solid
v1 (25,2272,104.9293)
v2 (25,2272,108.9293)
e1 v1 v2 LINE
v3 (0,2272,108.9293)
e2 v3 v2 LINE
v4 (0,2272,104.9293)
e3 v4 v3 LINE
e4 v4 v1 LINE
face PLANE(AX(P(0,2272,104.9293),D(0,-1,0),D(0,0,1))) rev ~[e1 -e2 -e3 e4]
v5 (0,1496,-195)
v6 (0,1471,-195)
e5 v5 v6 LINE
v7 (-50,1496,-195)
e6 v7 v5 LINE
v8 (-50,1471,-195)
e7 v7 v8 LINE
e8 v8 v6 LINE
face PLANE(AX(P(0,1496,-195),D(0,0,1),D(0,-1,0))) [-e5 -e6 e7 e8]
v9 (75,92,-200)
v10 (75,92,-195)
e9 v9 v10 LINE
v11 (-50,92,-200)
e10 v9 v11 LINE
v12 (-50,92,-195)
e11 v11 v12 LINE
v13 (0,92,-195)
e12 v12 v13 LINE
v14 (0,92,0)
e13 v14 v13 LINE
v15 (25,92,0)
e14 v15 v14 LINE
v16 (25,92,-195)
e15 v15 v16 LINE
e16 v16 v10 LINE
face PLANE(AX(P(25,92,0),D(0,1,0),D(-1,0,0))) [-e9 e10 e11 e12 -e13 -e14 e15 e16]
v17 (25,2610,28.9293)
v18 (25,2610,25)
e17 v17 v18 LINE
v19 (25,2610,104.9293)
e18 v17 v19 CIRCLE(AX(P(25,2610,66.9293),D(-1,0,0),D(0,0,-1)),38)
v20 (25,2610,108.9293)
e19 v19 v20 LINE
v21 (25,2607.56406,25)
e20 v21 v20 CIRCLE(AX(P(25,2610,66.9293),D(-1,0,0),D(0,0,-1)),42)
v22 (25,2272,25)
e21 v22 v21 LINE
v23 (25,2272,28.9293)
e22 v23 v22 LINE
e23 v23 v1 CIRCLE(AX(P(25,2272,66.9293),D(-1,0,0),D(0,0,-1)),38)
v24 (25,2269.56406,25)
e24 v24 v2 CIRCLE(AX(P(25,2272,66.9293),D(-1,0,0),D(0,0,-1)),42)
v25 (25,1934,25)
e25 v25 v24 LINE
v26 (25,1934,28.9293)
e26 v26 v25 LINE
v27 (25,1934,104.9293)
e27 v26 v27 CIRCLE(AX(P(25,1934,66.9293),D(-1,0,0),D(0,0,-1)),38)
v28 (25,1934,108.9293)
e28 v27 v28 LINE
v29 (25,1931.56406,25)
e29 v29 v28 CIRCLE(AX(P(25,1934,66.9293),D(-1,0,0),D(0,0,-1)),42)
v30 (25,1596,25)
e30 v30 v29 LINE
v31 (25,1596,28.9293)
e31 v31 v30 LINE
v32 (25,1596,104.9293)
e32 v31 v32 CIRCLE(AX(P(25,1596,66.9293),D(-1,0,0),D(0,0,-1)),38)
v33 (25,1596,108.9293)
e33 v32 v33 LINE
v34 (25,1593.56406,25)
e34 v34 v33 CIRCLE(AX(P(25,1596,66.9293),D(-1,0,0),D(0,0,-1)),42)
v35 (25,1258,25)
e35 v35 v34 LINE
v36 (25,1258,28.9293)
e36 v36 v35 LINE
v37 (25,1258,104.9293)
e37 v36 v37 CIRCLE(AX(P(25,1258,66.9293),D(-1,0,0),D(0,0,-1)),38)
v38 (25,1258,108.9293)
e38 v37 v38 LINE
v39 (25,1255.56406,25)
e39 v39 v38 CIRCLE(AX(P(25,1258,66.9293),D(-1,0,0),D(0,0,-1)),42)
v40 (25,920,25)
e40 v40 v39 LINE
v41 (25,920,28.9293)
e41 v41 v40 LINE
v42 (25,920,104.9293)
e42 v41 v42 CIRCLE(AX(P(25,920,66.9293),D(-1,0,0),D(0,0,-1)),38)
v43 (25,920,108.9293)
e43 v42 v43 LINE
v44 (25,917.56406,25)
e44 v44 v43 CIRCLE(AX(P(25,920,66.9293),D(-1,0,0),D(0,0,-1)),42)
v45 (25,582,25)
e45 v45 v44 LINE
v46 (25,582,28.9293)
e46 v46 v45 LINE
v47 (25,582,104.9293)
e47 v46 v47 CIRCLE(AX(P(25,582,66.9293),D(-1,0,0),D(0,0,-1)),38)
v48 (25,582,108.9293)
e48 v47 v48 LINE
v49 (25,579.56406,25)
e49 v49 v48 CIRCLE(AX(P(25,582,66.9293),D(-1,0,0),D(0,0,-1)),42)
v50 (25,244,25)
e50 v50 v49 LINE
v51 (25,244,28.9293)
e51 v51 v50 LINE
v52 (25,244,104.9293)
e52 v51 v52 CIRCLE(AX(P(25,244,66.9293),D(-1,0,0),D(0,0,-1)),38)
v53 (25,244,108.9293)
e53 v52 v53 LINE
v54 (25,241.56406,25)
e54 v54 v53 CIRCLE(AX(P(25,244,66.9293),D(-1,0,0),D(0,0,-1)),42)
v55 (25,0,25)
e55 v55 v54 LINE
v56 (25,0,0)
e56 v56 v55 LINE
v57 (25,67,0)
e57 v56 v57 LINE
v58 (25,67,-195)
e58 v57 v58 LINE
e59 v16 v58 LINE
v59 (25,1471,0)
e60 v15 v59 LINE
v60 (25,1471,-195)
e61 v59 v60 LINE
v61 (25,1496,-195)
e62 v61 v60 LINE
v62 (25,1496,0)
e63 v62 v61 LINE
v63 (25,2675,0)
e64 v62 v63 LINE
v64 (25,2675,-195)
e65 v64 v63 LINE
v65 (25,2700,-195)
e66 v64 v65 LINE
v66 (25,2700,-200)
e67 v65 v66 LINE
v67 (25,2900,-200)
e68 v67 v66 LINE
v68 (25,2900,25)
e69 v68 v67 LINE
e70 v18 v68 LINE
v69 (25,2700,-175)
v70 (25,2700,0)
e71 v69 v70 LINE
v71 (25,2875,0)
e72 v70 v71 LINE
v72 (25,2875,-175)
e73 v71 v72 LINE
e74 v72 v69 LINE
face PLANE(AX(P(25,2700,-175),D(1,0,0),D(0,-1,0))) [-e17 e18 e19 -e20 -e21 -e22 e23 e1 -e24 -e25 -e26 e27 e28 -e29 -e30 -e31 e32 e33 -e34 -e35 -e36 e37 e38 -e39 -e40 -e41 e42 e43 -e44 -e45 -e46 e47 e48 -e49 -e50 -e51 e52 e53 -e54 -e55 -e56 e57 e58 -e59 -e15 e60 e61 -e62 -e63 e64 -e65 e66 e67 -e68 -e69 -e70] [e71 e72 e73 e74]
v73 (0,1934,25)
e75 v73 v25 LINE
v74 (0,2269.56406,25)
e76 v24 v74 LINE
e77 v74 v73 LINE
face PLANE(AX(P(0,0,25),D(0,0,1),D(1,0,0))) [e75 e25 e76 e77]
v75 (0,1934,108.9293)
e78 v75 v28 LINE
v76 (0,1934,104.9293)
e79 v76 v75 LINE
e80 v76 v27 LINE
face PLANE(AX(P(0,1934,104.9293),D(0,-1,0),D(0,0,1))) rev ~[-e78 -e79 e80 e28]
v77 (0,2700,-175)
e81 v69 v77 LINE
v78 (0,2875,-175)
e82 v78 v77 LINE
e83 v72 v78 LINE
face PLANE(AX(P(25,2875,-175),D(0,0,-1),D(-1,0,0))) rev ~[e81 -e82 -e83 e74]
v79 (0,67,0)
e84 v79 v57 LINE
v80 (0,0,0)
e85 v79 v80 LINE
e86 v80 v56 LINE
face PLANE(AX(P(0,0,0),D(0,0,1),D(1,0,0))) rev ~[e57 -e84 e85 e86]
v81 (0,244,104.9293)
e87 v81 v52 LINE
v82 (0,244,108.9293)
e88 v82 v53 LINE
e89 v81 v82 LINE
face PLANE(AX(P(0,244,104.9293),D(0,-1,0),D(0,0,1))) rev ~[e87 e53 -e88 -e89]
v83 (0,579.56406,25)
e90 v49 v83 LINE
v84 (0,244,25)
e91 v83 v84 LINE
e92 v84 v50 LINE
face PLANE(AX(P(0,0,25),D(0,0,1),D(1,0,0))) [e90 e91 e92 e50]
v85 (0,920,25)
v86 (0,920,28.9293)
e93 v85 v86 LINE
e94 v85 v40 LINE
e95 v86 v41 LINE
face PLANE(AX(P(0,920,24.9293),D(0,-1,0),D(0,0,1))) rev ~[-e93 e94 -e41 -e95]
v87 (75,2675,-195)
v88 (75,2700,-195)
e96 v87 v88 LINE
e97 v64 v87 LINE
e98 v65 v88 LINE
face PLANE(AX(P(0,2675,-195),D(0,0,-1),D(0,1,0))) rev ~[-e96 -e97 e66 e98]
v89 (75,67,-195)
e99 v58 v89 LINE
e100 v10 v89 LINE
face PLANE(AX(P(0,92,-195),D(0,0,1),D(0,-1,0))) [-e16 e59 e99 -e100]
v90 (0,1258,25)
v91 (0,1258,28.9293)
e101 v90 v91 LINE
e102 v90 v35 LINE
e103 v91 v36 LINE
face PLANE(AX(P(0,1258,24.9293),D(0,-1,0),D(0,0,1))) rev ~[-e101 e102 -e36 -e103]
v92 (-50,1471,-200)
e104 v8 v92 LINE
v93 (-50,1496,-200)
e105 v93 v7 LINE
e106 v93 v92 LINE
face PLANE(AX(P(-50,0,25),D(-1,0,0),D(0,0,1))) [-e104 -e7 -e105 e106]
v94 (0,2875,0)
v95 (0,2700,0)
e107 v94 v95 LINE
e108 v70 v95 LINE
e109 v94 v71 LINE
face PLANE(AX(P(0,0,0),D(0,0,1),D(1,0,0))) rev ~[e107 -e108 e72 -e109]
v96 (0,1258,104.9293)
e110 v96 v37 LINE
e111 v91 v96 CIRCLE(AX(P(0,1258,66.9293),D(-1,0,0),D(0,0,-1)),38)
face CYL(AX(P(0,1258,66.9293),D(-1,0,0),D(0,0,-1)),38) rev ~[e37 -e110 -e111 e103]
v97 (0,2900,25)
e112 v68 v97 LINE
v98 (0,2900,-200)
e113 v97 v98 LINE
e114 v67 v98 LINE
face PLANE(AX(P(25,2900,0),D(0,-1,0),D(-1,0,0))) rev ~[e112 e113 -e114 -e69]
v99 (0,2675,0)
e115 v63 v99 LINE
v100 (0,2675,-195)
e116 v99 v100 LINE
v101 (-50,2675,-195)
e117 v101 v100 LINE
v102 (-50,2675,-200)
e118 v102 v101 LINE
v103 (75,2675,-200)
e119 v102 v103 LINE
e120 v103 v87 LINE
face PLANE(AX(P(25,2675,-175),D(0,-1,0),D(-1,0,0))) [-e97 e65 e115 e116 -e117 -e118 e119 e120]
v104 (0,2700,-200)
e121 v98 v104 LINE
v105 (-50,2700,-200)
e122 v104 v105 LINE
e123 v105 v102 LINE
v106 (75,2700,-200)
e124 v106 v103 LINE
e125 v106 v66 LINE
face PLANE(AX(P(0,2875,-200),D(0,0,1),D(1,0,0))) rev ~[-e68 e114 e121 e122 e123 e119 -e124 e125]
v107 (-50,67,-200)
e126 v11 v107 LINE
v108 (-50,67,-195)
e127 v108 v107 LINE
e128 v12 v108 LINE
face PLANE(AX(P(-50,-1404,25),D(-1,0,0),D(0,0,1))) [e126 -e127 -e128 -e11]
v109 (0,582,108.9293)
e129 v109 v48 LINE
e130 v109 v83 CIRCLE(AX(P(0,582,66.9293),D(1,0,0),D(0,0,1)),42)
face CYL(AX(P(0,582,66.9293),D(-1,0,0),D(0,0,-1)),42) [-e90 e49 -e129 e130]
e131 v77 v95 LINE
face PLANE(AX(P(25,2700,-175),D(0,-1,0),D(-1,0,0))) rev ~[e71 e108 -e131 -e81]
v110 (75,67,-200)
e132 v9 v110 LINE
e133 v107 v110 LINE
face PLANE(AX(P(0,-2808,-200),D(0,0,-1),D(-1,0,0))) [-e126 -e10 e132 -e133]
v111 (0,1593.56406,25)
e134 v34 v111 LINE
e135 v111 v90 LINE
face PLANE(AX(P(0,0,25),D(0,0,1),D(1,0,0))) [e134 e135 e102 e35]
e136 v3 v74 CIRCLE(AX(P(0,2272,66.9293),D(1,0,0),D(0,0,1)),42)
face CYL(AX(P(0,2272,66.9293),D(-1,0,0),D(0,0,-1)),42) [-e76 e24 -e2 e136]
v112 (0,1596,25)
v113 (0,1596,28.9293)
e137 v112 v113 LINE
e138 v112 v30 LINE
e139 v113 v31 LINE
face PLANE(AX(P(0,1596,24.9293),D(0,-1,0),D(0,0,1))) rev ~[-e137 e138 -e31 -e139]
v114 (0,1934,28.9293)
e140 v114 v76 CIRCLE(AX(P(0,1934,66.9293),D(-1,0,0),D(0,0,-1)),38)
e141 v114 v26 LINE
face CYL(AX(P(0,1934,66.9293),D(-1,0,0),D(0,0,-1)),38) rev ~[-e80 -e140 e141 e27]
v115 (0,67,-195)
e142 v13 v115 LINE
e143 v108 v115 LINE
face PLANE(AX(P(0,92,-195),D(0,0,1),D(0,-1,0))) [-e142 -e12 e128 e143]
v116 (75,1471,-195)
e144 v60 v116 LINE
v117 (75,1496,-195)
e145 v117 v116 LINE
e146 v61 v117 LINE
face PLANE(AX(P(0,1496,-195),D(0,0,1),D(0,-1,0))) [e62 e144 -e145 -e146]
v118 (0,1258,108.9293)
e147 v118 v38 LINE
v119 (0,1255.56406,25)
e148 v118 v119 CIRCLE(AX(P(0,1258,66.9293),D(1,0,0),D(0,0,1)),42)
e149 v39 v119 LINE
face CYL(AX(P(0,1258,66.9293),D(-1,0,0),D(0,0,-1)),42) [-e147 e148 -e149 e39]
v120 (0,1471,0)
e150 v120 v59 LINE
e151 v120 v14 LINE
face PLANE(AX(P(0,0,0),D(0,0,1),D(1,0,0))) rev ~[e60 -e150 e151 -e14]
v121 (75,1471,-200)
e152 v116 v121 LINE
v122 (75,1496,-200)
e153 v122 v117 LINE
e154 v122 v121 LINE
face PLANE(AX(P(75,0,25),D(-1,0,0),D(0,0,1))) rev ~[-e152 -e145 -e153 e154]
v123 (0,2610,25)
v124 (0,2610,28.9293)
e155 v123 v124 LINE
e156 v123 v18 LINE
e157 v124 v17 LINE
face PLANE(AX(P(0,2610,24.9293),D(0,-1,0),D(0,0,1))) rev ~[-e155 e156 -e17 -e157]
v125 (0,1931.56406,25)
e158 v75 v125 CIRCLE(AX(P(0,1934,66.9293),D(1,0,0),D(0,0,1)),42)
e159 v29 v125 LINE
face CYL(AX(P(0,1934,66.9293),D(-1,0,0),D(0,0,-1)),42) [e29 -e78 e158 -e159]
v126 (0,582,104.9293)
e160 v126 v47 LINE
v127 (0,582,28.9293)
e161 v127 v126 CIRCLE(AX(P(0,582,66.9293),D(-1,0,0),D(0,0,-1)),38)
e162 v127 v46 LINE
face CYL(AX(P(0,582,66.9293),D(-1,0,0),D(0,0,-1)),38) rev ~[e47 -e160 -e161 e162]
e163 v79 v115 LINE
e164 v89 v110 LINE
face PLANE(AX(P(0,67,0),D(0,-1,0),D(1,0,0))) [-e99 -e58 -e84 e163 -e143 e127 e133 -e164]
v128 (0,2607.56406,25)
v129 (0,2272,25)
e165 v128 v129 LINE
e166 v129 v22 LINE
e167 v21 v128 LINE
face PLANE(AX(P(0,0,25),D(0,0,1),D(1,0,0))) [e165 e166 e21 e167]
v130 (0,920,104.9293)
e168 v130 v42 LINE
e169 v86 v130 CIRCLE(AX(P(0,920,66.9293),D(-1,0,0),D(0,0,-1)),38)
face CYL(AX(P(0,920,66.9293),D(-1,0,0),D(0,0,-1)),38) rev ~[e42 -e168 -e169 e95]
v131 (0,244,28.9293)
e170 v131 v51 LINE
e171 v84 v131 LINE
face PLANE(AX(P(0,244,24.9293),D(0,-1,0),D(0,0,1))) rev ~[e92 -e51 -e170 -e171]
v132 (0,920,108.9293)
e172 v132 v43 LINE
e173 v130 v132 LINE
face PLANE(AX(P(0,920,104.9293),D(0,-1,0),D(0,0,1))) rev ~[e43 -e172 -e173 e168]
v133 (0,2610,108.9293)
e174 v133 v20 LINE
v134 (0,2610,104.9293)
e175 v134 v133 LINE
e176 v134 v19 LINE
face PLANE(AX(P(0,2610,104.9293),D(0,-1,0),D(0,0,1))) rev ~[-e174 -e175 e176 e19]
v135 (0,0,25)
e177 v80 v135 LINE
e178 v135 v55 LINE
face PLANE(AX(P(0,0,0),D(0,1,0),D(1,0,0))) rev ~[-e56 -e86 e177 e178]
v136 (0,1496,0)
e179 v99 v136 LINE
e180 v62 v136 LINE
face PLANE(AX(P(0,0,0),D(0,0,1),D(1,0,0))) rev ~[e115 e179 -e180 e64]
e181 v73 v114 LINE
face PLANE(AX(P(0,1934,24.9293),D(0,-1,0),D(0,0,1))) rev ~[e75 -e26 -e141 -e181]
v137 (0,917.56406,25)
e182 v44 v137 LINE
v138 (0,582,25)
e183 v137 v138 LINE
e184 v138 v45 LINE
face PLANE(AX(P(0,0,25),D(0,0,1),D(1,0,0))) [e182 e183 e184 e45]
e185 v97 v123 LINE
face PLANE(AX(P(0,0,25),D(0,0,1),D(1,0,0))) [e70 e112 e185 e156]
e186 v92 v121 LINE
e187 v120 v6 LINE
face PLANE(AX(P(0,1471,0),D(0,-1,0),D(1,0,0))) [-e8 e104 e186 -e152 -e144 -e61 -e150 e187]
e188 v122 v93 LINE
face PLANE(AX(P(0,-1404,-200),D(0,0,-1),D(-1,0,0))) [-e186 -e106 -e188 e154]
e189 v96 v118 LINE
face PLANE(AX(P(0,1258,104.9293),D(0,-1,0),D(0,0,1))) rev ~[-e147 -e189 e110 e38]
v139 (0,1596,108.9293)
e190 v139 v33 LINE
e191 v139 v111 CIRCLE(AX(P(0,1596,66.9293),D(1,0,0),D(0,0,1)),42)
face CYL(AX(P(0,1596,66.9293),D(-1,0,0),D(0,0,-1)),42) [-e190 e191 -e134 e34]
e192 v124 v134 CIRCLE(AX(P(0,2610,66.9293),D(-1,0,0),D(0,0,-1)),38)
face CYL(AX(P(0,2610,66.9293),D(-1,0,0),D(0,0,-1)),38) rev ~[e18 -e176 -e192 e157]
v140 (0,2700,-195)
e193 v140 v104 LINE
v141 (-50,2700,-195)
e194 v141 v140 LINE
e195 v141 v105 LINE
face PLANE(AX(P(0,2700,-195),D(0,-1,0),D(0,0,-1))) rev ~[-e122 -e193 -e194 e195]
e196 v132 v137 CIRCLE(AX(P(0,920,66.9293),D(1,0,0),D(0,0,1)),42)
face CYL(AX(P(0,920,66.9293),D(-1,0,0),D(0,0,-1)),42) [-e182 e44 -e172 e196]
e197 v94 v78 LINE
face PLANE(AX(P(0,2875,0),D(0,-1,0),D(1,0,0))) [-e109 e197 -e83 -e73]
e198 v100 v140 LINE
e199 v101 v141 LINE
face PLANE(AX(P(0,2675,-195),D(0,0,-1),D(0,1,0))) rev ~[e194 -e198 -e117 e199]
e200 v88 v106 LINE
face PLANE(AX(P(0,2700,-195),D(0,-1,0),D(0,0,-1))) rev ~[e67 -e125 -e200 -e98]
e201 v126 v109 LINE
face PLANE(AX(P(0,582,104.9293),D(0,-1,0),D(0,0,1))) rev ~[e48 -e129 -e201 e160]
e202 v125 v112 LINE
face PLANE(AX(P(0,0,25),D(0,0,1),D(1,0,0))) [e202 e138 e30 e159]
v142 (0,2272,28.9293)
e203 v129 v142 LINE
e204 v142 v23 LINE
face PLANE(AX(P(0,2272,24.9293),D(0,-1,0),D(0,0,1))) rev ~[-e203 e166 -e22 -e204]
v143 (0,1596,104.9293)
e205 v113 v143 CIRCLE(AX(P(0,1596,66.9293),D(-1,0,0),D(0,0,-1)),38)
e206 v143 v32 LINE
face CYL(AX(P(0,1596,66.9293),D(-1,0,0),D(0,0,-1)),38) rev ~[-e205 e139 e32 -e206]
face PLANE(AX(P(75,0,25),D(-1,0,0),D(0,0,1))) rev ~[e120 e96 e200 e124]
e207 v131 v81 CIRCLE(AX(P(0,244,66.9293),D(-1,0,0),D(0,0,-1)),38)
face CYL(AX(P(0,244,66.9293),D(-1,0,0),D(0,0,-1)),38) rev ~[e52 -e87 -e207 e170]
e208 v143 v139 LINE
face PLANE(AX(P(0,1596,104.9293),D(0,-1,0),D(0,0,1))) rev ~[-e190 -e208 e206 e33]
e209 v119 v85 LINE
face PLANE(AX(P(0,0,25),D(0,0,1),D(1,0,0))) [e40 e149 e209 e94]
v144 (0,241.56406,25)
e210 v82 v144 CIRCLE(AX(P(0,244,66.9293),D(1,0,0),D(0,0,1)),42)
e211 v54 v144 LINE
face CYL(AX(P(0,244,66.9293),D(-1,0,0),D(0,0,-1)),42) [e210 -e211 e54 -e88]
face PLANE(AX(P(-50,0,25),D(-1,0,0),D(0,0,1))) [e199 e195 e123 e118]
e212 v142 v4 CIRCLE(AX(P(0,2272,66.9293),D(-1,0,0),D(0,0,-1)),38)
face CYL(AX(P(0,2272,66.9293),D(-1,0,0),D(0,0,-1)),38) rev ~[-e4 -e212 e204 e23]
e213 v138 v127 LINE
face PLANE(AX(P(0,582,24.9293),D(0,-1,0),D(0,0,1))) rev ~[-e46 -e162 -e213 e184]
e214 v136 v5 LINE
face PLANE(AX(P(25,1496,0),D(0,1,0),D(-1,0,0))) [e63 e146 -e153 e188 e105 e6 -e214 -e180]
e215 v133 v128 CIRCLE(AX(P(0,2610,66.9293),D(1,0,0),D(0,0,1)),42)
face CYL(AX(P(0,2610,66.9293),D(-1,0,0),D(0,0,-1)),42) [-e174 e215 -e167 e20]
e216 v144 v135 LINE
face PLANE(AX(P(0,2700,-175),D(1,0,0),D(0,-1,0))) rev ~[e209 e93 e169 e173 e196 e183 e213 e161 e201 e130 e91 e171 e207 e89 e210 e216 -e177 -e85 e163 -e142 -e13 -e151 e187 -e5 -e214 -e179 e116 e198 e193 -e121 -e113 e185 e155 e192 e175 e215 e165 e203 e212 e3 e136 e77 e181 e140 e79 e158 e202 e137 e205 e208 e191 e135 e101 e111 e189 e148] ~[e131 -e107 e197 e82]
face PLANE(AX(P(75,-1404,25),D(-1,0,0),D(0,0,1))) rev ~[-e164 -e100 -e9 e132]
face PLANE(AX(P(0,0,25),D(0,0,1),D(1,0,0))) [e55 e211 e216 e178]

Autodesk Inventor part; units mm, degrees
ref_plane "YZ Plane" through (0, 0, 0) normal (1, 0, 0) x (0, 1, 0)
ref_plane "XZ Plane" through (0, 0, 0) normal (0, 1, 0) x (-1, 0, 0)
ref_plane "XY Plane" through (0, 0, 0) normal (0, 0, 1) x (1, 0, 0)
sketch "Sketch1" plane through (0, 0, 0) normal (0, 0, 1) x (1, 0, 0)
  line L0 (0, 0) -> (25, 0)
  line L1 (25, 0) -> (25, 2900)
  line L2 (25, 2900) -> (0, 2900)
  line L3 (0, 2900) -> (0, 0)
  dimension "d0" = 25
  dimension "d1" = 2900
extrude "Extrusion1" add sketch "Sketch1" along normal blind 25
sketch "Sketch2" plane through (0, 0, 0) normal (0, 0, -1) x (-1, 0, 0)
  line L0 (-25, 0) -> (-25, 2900) projected
  line L1 (0, 2900) -> (0, 0) projected
  line L2 (-25, 2900) -> (0, 2900)
  line L3 (0, 2900) -> (0, 2875)
  line L4 (0, 2875) -> (-25, 2875)
  line L5 (-25, 2875) -> (-25, 2900)
  dimension "d4" = 25
extrude "Extrusion2" add sketch "Sketch2" along normal blind 200
sketch "Sketch3" plane through (0, 2875, 0) normal (0, -1, 0) x (1, 0, 0)
  line L0 (0, -200) -> (0, 25) projected
  line L1 (25, -200) -> (25, 25) projected
  line L2 (0, -200) -> (25, -200)
  line L3 (25, -200) -> (25, -175)
  line L4 (25, -175) -> (0, -175)
  line L5 (0, -175) -> (0, -200)
  point P0 (0, 0)
  dimension "d7" = 25
extrude "Extrusion3" add sketch "Sketch3" along normal blind 200
sketch "Sketch4" plane through (0, 2875, -175) normal (0, 0, 1) x (1, 0, 0)
  line L0 (25, -200) -> (0, -200) projected
  line L1 (25, 25) -> (25, -200) projected
  line L2 (0, -200) -> (25, -200)
  line L3 (25, -200) -> (25, -175)
  line L4 (25, -175) -> (0, -175)
  line L5 (0, -175) -> (0, -200)
  point P0 (0, -2875)
  dimension "d10" = 25
extrude "Extrusion4" add sketch "Sketch4" along normal up to next
sketch "Sketch6" plane through (0, 0, 25) normal (-1, 0, 0) x (0, 0, 1)
  line L0 (-225, 2900) -> (-225, 2675) projected
  line L1 (-225, 2675) -> (-220, 2675)
  line L2 (-220, 2675) -> (-220, 2700)
  line L3 (-220, 2700) -> (-225, 2700)
  line L4 (-225, 2700) -> (-225, 2675)
  point P0 (-25, 0)
  dimension "d13" = 5
  dimension "d14" = 25
extrude "Extrusion5" add sketch "Sketch6" along normal blind 50 and the other way blind 75
pattern_linear "Rectangular Pattern1" count 3 spacing 1404 along (0, -1, 0) of "Extrusion2"
sketch "Sketch7" plane through (0, 0, 25) normal (-1, 0, 0) x (0, 0, 1)
  line L0 (-225, 1496) -> (-225, 1471) projected
  line L1 (-25, 1471) -> (-225, 1471) projected
  line L2 (-225, 1496) -> (-220, 1496)
  line L3 (-220, 1496) -> (-220, 1471)
  line L4 (-220, 1471) -> (-225, 1471)
  line L5 (-225, 1471) -> (-225, 1496)
  point P0 (-25, 0)
  dimension "d22" = 5
extrude "Extrusion6" add sketch "Sketch7" along normal blind 50 and the other way blind 75
pattern_linear "Rectangular Pattern2" count 2 spacing 1404 along (0, -1, 0) of "Extrusion6"
sketch "Sketch8" plane through (0, 0, 25) normal (-1, 0, 0) x (0, 0, 1)
  arc A0 (-0.0707, 2610) -> (83.9293, 2610) centre (41.9293, 2610) ccw
  arc A1 (3.9293, 2610) -> (79.9293, 2610) centre (41.9293, 2610) ccw
  line L0 (-0.0707, 2610) -> (3.9293, 2610)
  line L1 (0, 0) -> (0, 2900) projected
  line L2 (79.9293, 2610) -> (83.9293, 2610)
  line L3 (0, 2900) -> (0, 0) projected
  line L4 (0, 2900) -> (42, 2900)
  point P0 (-25, 0)
  dimension "d31" = 4
  dimension "d39" = 42
  dimension "d40" = 290
extrude "Extrusion7" add sketch "Sketch8" against normal up to surface (25 mm away)
pattern_linear "Rectangular Pattern3" count 8 spacing 338 along (0, -1, 0) of "Extrusion7"
sketch "Sketch10" plane through (0, 2900, -200) normal (-1, 0, 0) x (0, 0, 1)
  line L0 (200, -2900) -> (225, -2900) projected
  line L1 (225, -2900) -> (267, -2900)
  dimension "d41" = 42
properties part number "Stand"
